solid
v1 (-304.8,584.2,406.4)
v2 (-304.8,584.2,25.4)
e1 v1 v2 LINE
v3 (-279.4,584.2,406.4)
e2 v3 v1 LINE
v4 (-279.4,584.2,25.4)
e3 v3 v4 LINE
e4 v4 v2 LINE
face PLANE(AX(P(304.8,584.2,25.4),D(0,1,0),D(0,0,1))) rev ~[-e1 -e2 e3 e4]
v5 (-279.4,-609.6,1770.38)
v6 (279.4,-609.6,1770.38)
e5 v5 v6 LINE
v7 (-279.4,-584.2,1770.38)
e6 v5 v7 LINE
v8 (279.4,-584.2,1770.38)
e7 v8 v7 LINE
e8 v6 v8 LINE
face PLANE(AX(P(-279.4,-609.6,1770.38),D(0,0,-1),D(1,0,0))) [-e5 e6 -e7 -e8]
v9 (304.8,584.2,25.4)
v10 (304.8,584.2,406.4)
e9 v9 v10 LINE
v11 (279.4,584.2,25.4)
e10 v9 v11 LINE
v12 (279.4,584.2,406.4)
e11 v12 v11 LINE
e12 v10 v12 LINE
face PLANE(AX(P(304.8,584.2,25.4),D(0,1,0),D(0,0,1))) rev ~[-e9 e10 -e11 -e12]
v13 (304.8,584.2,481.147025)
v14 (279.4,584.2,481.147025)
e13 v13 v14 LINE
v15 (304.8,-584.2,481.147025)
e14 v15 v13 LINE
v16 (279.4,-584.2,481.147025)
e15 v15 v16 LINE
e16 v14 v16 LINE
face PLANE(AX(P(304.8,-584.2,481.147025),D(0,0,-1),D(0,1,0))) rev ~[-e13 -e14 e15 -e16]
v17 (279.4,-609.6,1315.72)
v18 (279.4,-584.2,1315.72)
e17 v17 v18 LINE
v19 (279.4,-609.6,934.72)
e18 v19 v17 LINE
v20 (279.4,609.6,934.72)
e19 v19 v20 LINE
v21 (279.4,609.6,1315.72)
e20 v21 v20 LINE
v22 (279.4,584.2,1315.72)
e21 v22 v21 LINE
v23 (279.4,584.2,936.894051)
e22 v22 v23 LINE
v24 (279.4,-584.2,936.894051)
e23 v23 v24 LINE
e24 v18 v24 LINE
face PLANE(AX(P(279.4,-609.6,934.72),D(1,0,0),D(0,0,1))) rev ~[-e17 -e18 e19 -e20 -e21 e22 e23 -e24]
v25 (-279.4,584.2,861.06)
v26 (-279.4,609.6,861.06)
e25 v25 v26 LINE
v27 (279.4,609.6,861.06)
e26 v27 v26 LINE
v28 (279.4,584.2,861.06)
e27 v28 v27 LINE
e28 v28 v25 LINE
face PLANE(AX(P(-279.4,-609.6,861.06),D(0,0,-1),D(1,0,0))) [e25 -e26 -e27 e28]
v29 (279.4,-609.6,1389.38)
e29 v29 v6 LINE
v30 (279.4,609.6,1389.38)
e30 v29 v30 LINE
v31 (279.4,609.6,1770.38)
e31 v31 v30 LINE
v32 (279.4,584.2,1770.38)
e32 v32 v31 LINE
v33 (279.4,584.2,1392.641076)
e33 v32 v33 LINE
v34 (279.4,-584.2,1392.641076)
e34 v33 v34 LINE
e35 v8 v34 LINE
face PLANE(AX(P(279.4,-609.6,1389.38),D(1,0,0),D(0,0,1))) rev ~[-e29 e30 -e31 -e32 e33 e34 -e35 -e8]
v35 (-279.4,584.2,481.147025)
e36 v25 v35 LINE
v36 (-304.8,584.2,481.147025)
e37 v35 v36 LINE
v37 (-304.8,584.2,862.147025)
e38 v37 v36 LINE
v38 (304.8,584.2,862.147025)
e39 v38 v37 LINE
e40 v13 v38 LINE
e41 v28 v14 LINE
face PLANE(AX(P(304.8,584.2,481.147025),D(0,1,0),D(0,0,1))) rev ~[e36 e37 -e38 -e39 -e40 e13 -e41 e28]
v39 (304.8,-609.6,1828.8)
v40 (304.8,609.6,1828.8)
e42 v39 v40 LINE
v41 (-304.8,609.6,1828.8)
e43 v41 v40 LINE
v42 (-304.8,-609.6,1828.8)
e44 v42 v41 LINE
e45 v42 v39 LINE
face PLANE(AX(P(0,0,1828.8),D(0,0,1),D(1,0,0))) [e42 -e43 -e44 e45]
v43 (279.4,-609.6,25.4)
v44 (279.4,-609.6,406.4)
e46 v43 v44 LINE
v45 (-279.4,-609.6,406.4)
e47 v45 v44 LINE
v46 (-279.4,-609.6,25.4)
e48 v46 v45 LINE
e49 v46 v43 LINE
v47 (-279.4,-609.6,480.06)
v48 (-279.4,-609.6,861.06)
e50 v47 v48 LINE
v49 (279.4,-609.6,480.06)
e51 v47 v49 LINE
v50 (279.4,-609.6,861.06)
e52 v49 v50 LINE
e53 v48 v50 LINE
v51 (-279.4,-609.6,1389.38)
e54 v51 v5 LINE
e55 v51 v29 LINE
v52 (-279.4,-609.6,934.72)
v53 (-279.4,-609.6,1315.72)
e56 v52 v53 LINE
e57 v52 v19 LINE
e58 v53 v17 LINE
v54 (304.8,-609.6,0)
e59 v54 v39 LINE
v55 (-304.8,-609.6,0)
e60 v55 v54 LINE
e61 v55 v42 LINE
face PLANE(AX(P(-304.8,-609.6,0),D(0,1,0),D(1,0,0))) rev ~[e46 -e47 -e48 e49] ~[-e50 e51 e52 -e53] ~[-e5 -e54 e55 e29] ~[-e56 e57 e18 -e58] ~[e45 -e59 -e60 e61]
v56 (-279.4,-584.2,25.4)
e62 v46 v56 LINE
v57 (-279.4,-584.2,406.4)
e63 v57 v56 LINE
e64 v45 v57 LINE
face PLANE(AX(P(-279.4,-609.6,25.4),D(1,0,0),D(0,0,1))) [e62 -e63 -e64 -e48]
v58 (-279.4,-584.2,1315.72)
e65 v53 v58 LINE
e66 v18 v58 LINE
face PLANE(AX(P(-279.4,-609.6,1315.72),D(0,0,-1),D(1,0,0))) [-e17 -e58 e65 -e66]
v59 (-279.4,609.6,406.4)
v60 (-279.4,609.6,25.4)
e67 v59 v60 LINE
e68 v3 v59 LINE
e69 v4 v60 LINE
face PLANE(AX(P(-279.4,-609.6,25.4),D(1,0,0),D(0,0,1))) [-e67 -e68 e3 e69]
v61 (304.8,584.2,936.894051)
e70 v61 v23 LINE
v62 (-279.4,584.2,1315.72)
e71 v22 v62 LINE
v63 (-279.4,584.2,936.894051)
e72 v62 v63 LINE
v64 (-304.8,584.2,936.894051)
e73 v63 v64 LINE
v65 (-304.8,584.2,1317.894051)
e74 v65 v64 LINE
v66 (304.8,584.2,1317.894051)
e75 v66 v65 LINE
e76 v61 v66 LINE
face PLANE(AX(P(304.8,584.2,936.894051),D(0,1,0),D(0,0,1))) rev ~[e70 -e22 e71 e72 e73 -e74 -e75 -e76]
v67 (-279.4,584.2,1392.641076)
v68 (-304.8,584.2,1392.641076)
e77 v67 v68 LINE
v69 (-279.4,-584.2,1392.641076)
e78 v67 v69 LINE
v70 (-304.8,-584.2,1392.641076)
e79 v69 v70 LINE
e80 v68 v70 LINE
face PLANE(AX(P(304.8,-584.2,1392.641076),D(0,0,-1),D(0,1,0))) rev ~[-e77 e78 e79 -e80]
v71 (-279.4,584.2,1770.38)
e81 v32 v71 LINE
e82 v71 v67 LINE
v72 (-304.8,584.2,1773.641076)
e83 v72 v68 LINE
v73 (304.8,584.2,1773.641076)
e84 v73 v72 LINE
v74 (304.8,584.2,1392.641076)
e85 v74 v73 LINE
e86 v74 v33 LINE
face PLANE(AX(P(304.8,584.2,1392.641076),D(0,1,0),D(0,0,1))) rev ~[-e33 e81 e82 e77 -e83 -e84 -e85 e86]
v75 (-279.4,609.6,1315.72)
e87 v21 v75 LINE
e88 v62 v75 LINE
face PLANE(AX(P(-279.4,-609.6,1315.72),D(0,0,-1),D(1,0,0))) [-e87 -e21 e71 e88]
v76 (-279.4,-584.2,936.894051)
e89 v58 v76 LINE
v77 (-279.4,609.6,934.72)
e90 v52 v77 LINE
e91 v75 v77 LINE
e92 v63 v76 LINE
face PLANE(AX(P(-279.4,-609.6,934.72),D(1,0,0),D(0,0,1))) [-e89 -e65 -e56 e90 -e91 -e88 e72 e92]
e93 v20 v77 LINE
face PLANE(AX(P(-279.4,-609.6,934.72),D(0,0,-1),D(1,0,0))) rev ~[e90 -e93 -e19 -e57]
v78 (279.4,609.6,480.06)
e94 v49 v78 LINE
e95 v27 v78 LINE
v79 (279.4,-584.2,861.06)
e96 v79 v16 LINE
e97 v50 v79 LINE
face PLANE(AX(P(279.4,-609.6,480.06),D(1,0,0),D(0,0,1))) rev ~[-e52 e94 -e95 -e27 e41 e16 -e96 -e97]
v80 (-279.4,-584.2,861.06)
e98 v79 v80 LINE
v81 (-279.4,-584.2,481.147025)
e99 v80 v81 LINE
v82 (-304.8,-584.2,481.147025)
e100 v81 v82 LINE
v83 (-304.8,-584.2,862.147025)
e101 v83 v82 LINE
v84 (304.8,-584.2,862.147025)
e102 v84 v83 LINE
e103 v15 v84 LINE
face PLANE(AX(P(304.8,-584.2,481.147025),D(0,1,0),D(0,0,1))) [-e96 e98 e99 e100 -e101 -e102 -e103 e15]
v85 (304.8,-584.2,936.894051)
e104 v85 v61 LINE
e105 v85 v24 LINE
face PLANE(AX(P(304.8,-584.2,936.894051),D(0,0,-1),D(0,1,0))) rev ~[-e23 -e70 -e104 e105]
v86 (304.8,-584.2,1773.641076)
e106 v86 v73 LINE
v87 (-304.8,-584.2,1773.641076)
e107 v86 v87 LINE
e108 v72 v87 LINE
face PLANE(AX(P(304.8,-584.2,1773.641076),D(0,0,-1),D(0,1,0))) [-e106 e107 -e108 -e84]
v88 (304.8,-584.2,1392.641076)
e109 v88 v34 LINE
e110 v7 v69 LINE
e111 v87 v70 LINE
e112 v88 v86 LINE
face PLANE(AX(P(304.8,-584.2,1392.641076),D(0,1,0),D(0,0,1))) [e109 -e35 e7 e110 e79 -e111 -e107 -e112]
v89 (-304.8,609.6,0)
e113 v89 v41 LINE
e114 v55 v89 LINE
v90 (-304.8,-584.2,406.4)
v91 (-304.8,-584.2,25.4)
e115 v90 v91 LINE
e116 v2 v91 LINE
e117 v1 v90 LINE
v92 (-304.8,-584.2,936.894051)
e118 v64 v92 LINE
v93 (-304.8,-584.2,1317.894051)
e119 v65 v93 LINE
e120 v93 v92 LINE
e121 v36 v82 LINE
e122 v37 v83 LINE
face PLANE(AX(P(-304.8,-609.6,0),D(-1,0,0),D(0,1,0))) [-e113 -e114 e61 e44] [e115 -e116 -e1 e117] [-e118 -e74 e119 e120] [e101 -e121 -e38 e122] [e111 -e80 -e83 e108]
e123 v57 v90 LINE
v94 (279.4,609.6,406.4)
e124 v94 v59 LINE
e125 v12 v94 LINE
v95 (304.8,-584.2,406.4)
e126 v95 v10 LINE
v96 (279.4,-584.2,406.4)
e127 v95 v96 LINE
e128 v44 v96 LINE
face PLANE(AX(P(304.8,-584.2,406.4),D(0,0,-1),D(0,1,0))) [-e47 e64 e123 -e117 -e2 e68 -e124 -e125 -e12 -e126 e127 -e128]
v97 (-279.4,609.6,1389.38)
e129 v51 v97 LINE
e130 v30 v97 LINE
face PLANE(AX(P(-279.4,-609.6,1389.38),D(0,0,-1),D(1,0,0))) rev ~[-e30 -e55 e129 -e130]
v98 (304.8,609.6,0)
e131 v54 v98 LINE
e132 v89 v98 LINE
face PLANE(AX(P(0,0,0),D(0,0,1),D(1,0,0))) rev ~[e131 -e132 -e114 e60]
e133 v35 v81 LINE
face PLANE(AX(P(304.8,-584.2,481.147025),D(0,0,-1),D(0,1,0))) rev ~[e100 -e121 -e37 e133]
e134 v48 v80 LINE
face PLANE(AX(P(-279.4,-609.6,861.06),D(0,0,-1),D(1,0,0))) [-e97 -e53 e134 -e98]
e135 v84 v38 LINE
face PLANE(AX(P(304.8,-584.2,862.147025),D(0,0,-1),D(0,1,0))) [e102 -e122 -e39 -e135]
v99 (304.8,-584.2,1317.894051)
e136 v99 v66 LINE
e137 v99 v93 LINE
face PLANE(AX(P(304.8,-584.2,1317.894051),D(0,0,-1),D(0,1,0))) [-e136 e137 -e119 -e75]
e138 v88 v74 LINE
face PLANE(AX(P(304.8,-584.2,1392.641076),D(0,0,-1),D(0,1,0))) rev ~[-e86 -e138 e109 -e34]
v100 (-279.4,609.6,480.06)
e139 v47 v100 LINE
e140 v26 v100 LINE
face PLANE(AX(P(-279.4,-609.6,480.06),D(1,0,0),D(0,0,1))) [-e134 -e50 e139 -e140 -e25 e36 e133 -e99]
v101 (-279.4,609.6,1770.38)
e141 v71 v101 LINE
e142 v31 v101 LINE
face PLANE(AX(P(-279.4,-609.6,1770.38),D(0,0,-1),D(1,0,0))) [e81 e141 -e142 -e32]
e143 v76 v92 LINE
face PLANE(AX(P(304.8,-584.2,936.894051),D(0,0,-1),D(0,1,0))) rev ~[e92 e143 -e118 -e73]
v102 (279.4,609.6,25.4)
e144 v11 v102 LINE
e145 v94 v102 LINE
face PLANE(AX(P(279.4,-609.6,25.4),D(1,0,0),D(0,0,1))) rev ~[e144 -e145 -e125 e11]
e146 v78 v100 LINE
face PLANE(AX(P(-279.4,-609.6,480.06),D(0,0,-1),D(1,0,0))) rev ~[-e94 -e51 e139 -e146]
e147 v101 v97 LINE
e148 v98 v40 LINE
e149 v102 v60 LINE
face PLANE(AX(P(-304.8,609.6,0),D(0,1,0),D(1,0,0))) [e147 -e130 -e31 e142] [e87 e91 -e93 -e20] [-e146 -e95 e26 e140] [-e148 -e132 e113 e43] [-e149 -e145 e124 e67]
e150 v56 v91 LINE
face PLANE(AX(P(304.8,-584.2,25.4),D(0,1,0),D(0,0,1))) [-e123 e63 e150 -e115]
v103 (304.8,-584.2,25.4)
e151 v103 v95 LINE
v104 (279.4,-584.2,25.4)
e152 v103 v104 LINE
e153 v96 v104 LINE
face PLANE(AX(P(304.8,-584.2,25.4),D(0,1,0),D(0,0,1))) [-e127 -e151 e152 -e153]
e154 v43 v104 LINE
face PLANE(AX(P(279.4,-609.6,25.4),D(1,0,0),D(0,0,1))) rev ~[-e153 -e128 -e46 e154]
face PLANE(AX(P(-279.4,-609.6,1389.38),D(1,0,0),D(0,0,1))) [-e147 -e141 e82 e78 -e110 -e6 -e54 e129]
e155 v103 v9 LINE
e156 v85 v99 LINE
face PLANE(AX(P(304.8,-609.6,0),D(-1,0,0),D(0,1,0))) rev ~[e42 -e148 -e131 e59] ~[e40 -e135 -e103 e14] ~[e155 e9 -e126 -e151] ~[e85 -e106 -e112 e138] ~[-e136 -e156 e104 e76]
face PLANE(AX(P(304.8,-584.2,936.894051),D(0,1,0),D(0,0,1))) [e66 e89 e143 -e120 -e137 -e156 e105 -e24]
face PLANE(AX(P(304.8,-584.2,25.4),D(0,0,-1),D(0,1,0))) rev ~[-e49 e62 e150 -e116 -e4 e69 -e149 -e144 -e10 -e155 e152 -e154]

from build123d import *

# Parameters (mm, degrees)
F0_W     = 609.6
F0_H     = 1219.2
F1_DEPTH = 1828.8
F2_W     = 1168.4
F2_H     = 381
F3_DEPTH = 609.601
F4_W     = 558.8
F4_H     = 381
F5_DEPTH = 1219.201


with BuildPart() as f1:
    # F0 (on Top) → F1 (new body)
    with BuildSketch(Plane.XY):
        Rectangle(F0_W, F0_H)
    extrude(amount=F1_DEPTH)

    # F2 (on face) → F3 (cut, through all)
    with BuildSketch(Plane.YZ.offset(304.8)):
        with Locations((0, 215.9)):
            Rectangle(F2_W, F2_H)
        with Locations((0, 671.647025)):
            Rectangle(F2_W, F2_H)
        with Locations((0, 1127.394051)):
            Rectangle(F2_W, F2_H)
        with Locations((0, 1583.141076)):
            Rectangle(F2_W, F2_H)
    extrude(amount=-F3_DEPTH, mode=Mode.SUBTRACT)

    # F4 (on face) → F5 (cut, through all)
    with BuildSketch(Plane.XZ.offset(609.6)):
        with Locations((0, 215.9)):
            Rectangle(F4_W, F4_H)
        with Locations((0, 670.56)):
            Rectangle(F4_W, F4_H)
        with Locations((0, 1125.22)):
            Rectangle(F4_W, F4_H)
        with Locations((0, 1579.88)):
            Rectangle(F4_W, F4_H)
    extrude(amount=-F5_DEPTH, mode=Mode.SUBTRACT)


solid = f1.part
